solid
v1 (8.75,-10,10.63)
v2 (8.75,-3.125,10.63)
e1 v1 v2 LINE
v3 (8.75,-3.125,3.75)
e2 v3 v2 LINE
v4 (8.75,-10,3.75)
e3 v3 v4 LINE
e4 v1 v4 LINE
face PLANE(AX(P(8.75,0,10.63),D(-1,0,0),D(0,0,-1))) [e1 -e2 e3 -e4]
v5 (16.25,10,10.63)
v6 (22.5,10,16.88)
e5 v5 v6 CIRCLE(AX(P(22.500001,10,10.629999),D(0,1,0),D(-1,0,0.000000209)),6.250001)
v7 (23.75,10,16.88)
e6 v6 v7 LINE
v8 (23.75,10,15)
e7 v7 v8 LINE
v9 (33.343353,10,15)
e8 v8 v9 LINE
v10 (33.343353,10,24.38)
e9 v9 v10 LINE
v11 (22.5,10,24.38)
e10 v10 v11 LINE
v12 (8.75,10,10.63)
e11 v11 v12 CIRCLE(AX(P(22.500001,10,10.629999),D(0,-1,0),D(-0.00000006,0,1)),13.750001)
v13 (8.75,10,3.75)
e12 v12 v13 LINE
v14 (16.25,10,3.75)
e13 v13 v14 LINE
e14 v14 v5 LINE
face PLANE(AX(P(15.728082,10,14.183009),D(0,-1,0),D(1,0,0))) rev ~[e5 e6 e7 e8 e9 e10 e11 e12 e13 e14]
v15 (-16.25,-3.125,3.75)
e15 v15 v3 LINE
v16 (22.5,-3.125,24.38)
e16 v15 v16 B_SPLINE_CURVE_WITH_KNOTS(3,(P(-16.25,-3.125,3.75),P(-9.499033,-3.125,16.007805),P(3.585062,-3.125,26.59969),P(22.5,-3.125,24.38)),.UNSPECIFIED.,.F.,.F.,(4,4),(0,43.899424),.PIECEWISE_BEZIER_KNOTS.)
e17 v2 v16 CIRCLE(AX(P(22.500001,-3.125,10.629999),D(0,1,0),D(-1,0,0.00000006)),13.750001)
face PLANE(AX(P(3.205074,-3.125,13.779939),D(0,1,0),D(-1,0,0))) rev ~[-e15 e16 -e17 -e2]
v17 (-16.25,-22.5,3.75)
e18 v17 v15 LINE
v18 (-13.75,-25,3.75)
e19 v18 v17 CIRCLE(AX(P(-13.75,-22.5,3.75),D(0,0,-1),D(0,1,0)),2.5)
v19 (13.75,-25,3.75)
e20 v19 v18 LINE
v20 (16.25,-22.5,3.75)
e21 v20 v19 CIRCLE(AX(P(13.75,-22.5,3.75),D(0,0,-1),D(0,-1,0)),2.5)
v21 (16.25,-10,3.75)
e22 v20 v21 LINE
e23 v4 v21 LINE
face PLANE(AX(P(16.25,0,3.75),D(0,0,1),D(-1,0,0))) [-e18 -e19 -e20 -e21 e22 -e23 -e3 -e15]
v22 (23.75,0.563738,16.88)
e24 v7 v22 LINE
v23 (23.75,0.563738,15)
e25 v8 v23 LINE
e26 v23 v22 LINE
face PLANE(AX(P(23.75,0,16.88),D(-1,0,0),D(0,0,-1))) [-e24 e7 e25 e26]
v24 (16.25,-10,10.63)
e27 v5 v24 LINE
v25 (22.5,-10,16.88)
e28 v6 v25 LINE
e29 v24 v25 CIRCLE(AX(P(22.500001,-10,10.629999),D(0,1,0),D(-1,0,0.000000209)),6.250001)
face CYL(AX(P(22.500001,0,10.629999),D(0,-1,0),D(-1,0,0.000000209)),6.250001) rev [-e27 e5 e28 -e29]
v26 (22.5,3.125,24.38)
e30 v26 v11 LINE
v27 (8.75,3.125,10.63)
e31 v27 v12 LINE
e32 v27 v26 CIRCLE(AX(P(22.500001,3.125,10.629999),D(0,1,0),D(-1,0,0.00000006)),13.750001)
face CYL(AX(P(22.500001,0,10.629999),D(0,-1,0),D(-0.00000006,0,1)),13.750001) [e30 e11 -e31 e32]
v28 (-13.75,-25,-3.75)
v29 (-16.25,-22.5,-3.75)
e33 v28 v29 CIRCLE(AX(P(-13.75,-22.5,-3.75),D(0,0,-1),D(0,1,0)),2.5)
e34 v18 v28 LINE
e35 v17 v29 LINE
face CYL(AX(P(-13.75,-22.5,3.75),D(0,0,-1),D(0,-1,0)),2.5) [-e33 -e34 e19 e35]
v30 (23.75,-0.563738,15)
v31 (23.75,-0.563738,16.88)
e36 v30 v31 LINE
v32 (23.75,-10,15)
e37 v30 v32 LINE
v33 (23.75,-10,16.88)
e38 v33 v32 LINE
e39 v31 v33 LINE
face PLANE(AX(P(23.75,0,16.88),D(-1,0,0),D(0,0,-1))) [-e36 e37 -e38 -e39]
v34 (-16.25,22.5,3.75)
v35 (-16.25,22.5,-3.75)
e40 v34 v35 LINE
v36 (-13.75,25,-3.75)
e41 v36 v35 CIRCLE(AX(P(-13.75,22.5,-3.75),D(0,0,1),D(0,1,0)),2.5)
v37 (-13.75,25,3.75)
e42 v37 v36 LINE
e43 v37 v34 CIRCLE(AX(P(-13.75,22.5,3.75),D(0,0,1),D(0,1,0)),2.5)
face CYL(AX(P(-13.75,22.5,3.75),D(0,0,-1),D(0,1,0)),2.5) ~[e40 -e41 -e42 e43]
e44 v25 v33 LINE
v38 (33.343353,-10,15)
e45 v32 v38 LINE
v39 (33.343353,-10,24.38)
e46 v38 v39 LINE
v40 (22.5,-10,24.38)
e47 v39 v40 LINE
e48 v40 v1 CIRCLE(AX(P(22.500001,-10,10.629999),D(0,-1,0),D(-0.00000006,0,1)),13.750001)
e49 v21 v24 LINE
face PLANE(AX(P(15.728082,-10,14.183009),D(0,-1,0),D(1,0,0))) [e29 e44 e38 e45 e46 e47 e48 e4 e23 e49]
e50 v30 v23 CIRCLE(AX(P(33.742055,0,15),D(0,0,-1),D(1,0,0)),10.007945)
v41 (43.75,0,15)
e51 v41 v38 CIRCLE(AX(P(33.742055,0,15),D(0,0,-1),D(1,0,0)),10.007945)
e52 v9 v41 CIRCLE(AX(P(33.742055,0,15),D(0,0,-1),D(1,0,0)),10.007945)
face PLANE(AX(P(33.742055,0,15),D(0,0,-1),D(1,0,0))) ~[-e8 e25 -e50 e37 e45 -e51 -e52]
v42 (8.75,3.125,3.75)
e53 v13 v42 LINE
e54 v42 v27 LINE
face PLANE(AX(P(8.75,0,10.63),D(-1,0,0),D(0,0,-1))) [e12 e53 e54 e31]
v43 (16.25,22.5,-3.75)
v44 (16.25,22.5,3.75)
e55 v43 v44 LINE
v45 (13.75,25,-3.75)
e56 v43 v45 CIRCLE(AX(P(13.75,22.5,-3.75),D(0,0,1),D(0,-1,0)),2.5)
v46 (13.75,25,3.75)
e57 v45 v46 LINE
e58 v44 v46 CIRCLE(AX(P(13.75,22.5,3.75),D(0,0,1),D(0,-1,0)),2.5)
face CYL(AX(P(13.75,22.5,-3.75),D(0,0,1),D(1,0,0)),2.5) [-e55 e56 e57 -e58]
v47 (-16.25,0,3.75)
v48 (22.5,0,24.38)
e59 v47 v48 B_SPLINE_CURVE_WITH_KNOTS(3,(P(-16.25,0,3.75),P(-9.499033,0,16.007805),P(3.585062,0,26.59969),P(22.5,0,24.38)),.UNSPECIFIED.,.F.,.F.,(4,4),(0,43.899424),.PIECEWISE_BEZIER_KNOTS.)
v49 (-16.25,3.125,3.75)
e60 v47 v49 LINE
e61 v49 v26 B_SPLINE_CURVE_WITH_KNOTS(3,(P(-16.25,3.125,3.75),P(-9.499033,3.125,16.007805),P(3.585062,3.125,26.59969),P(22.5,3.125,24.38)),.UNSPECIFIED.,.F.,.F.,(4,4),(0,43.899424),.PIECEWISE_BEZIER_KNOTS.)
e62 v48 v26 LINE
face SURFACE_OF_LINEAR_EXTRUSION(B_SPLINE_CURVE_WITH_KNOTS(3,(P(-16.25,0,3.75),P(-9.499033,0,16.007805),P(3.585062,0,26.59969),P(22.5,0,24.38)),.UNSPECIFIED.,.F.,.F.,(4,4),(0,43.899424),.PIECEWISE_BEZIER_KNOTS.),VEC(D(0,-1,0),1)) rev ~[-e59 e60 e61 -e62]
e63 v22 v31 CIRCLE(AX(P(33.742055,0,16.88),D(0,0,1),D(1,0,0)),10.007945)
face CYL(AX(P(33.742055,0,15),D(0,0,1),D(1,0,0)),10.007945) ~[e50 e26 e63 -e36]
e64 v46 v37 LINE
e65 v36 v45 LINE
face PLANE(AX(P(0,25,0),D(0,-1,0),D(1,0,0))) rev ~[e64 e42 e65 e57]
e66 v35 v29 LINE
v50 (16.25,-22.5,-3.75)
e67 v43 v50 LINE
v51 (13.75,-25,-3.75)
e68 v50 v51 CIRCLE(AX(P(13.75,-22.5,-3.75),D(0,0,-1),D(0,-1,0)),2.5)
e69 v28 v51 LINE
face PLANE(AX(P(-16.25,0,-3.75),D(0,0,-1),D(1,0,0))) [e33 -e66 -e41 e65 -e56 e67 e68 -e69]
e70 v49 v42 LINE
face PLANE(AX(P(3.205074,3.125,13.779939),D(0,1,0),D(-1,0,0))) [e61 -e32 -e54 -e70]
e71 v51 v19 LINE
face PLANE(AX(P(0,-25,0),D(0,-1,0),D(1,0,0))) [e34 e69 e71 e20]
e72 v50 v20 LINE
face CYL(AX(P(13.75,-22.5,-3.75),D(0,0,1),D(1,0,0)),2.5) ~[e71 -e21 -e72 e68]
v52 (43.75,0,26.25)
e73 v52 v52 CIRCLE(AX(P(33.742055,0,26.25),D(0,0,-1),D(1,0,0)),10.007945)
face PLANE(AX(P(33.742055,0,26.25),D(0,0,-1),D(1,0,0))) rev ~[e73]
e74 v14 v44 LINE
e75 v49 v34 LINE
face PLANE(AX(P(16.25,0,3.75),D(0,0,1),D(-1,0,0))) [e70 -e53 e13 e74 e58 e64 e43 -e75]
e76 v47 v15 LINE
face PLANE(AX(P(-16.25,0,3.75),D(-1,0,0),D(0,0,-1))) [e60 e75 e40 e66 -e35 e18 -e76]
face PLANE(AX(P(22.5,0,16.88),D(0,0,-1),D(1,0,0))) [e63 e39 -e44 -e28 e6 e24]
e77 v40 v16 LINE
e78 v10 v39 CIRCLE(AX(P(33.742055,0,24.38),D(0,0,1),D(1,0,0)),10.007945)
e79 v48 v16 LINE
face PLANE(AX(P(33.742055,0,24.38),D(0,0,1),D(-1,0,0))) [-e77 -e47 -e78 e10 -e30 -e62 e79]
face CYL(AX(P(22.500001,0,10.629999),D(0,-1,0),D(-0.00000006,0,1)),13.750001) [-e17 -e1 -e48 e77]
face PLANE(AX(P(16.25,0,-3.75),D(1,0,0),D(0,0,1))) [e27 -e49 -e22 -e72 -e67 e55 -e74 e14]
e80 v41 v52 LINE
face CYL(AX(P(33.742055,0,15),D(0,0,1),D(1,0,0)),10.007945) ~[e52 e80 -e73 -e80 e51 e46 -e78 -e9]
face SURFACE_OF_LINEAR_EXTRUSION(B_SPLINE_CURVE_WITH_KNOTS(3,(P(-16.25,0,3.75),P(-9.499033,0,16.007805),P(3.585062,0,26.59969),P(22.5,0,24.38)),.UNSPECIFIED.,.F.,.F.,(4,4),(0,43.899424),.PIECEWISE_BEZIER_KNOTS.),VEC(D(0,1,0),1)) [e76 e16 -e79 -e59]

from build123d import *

# Parameters (mm, degrees)
F1_DEPTH = 25
F2_DEPTH = 10
F3_DEPTH = 3.125
F5_R     = 2.5


with BuildPart() as f1:
    # F0 (on Front) → F1 (new body, symmetric)
    with BuildSketch(Plane.XZ):
        Polygon((8.75, 3.75), (-16.25, 3.75), (-16.25, -3.75), (16.25, -3.75), (16.25, 3.75), align=None)
    extrude(amount=F1_DEPTH, both=True)

    # F0 (on Front) → F2 (join, symmetric)
    with BuildSketch(Plane.XZ):
        with BuildLine():
            Line((8.75, 10.63), (8.75, 3.75))
            Line((8.75, 3.75), (16.25, 3.75))
            Line((16.25, 3.75), (16.25, 10.63))
            ThreePointArc((16.25, 10.63), (18.080583, 15.049417), (22.5, 16.88))
            Line((22.5, 16.88), (23.75, 16.88))
            Line((23.75, 16.88), (23.75, 24.38))
            Line((23.75, 24.38), (22.5, 24.38))
            ThreePointArc((22.5, 24.38), (12.777282, 20.352718), (8.75, 10.63))
        make_face()
        Polygon((33.742055, 24.38), (23.75, 24.38), (23.75, 16.88), (23.75, 15), (33.742055, 15), align=None)
    extrude(amount=F2_DEPTH, both=True)

    # F0 (on Front) → F3 (join, symmetric)
    with BuildSketch(Plane.XZ):
        with BuildLine():
            add(Edge.make_bspline(
                [(-16.25, 3.75), (-9.499033, 16.007805), (3.585062, 26.59969), (22.5, 24.38)],
                knots=[0, 0, 0, 0, 43.899424, 43.899424, 43.899424, 43.899424], degree=3))
            Line((-16.25, 3.75), (8.75, 3.75))
            Line((8.75, 3.75), (8.75, 10.63))
            ThreePointArc((8.75, 10.63), (12.777282, 20.352718), (22.5, 24.38))
        make_face()
    extrude(amount=F3_DEPTH, both=True)

    # F0 (on Front) → F4 (revolve)
    with BuildSketch(Plane.XZ):
        Polygon((33.742055, 26.25), (33.742055, 24.38), (33.742055, 15), (43.75, 15), (43.75, 26.25), align=None)
    revolve(axis=Axis((33.742055, 0, 20.625), (0, 0, -1)))

    # F5
    f5_edges = [f1.edges().sort_by_distance(p)[0] for p in [
        (16.25, 25, 0),
        (-16.25, 25, 0),
        (-16.25, -25, 0),
        (16.25, -25, 0),
    ]]
    fillet(f5_edges, radius=F5_R)


solid = f1.part
